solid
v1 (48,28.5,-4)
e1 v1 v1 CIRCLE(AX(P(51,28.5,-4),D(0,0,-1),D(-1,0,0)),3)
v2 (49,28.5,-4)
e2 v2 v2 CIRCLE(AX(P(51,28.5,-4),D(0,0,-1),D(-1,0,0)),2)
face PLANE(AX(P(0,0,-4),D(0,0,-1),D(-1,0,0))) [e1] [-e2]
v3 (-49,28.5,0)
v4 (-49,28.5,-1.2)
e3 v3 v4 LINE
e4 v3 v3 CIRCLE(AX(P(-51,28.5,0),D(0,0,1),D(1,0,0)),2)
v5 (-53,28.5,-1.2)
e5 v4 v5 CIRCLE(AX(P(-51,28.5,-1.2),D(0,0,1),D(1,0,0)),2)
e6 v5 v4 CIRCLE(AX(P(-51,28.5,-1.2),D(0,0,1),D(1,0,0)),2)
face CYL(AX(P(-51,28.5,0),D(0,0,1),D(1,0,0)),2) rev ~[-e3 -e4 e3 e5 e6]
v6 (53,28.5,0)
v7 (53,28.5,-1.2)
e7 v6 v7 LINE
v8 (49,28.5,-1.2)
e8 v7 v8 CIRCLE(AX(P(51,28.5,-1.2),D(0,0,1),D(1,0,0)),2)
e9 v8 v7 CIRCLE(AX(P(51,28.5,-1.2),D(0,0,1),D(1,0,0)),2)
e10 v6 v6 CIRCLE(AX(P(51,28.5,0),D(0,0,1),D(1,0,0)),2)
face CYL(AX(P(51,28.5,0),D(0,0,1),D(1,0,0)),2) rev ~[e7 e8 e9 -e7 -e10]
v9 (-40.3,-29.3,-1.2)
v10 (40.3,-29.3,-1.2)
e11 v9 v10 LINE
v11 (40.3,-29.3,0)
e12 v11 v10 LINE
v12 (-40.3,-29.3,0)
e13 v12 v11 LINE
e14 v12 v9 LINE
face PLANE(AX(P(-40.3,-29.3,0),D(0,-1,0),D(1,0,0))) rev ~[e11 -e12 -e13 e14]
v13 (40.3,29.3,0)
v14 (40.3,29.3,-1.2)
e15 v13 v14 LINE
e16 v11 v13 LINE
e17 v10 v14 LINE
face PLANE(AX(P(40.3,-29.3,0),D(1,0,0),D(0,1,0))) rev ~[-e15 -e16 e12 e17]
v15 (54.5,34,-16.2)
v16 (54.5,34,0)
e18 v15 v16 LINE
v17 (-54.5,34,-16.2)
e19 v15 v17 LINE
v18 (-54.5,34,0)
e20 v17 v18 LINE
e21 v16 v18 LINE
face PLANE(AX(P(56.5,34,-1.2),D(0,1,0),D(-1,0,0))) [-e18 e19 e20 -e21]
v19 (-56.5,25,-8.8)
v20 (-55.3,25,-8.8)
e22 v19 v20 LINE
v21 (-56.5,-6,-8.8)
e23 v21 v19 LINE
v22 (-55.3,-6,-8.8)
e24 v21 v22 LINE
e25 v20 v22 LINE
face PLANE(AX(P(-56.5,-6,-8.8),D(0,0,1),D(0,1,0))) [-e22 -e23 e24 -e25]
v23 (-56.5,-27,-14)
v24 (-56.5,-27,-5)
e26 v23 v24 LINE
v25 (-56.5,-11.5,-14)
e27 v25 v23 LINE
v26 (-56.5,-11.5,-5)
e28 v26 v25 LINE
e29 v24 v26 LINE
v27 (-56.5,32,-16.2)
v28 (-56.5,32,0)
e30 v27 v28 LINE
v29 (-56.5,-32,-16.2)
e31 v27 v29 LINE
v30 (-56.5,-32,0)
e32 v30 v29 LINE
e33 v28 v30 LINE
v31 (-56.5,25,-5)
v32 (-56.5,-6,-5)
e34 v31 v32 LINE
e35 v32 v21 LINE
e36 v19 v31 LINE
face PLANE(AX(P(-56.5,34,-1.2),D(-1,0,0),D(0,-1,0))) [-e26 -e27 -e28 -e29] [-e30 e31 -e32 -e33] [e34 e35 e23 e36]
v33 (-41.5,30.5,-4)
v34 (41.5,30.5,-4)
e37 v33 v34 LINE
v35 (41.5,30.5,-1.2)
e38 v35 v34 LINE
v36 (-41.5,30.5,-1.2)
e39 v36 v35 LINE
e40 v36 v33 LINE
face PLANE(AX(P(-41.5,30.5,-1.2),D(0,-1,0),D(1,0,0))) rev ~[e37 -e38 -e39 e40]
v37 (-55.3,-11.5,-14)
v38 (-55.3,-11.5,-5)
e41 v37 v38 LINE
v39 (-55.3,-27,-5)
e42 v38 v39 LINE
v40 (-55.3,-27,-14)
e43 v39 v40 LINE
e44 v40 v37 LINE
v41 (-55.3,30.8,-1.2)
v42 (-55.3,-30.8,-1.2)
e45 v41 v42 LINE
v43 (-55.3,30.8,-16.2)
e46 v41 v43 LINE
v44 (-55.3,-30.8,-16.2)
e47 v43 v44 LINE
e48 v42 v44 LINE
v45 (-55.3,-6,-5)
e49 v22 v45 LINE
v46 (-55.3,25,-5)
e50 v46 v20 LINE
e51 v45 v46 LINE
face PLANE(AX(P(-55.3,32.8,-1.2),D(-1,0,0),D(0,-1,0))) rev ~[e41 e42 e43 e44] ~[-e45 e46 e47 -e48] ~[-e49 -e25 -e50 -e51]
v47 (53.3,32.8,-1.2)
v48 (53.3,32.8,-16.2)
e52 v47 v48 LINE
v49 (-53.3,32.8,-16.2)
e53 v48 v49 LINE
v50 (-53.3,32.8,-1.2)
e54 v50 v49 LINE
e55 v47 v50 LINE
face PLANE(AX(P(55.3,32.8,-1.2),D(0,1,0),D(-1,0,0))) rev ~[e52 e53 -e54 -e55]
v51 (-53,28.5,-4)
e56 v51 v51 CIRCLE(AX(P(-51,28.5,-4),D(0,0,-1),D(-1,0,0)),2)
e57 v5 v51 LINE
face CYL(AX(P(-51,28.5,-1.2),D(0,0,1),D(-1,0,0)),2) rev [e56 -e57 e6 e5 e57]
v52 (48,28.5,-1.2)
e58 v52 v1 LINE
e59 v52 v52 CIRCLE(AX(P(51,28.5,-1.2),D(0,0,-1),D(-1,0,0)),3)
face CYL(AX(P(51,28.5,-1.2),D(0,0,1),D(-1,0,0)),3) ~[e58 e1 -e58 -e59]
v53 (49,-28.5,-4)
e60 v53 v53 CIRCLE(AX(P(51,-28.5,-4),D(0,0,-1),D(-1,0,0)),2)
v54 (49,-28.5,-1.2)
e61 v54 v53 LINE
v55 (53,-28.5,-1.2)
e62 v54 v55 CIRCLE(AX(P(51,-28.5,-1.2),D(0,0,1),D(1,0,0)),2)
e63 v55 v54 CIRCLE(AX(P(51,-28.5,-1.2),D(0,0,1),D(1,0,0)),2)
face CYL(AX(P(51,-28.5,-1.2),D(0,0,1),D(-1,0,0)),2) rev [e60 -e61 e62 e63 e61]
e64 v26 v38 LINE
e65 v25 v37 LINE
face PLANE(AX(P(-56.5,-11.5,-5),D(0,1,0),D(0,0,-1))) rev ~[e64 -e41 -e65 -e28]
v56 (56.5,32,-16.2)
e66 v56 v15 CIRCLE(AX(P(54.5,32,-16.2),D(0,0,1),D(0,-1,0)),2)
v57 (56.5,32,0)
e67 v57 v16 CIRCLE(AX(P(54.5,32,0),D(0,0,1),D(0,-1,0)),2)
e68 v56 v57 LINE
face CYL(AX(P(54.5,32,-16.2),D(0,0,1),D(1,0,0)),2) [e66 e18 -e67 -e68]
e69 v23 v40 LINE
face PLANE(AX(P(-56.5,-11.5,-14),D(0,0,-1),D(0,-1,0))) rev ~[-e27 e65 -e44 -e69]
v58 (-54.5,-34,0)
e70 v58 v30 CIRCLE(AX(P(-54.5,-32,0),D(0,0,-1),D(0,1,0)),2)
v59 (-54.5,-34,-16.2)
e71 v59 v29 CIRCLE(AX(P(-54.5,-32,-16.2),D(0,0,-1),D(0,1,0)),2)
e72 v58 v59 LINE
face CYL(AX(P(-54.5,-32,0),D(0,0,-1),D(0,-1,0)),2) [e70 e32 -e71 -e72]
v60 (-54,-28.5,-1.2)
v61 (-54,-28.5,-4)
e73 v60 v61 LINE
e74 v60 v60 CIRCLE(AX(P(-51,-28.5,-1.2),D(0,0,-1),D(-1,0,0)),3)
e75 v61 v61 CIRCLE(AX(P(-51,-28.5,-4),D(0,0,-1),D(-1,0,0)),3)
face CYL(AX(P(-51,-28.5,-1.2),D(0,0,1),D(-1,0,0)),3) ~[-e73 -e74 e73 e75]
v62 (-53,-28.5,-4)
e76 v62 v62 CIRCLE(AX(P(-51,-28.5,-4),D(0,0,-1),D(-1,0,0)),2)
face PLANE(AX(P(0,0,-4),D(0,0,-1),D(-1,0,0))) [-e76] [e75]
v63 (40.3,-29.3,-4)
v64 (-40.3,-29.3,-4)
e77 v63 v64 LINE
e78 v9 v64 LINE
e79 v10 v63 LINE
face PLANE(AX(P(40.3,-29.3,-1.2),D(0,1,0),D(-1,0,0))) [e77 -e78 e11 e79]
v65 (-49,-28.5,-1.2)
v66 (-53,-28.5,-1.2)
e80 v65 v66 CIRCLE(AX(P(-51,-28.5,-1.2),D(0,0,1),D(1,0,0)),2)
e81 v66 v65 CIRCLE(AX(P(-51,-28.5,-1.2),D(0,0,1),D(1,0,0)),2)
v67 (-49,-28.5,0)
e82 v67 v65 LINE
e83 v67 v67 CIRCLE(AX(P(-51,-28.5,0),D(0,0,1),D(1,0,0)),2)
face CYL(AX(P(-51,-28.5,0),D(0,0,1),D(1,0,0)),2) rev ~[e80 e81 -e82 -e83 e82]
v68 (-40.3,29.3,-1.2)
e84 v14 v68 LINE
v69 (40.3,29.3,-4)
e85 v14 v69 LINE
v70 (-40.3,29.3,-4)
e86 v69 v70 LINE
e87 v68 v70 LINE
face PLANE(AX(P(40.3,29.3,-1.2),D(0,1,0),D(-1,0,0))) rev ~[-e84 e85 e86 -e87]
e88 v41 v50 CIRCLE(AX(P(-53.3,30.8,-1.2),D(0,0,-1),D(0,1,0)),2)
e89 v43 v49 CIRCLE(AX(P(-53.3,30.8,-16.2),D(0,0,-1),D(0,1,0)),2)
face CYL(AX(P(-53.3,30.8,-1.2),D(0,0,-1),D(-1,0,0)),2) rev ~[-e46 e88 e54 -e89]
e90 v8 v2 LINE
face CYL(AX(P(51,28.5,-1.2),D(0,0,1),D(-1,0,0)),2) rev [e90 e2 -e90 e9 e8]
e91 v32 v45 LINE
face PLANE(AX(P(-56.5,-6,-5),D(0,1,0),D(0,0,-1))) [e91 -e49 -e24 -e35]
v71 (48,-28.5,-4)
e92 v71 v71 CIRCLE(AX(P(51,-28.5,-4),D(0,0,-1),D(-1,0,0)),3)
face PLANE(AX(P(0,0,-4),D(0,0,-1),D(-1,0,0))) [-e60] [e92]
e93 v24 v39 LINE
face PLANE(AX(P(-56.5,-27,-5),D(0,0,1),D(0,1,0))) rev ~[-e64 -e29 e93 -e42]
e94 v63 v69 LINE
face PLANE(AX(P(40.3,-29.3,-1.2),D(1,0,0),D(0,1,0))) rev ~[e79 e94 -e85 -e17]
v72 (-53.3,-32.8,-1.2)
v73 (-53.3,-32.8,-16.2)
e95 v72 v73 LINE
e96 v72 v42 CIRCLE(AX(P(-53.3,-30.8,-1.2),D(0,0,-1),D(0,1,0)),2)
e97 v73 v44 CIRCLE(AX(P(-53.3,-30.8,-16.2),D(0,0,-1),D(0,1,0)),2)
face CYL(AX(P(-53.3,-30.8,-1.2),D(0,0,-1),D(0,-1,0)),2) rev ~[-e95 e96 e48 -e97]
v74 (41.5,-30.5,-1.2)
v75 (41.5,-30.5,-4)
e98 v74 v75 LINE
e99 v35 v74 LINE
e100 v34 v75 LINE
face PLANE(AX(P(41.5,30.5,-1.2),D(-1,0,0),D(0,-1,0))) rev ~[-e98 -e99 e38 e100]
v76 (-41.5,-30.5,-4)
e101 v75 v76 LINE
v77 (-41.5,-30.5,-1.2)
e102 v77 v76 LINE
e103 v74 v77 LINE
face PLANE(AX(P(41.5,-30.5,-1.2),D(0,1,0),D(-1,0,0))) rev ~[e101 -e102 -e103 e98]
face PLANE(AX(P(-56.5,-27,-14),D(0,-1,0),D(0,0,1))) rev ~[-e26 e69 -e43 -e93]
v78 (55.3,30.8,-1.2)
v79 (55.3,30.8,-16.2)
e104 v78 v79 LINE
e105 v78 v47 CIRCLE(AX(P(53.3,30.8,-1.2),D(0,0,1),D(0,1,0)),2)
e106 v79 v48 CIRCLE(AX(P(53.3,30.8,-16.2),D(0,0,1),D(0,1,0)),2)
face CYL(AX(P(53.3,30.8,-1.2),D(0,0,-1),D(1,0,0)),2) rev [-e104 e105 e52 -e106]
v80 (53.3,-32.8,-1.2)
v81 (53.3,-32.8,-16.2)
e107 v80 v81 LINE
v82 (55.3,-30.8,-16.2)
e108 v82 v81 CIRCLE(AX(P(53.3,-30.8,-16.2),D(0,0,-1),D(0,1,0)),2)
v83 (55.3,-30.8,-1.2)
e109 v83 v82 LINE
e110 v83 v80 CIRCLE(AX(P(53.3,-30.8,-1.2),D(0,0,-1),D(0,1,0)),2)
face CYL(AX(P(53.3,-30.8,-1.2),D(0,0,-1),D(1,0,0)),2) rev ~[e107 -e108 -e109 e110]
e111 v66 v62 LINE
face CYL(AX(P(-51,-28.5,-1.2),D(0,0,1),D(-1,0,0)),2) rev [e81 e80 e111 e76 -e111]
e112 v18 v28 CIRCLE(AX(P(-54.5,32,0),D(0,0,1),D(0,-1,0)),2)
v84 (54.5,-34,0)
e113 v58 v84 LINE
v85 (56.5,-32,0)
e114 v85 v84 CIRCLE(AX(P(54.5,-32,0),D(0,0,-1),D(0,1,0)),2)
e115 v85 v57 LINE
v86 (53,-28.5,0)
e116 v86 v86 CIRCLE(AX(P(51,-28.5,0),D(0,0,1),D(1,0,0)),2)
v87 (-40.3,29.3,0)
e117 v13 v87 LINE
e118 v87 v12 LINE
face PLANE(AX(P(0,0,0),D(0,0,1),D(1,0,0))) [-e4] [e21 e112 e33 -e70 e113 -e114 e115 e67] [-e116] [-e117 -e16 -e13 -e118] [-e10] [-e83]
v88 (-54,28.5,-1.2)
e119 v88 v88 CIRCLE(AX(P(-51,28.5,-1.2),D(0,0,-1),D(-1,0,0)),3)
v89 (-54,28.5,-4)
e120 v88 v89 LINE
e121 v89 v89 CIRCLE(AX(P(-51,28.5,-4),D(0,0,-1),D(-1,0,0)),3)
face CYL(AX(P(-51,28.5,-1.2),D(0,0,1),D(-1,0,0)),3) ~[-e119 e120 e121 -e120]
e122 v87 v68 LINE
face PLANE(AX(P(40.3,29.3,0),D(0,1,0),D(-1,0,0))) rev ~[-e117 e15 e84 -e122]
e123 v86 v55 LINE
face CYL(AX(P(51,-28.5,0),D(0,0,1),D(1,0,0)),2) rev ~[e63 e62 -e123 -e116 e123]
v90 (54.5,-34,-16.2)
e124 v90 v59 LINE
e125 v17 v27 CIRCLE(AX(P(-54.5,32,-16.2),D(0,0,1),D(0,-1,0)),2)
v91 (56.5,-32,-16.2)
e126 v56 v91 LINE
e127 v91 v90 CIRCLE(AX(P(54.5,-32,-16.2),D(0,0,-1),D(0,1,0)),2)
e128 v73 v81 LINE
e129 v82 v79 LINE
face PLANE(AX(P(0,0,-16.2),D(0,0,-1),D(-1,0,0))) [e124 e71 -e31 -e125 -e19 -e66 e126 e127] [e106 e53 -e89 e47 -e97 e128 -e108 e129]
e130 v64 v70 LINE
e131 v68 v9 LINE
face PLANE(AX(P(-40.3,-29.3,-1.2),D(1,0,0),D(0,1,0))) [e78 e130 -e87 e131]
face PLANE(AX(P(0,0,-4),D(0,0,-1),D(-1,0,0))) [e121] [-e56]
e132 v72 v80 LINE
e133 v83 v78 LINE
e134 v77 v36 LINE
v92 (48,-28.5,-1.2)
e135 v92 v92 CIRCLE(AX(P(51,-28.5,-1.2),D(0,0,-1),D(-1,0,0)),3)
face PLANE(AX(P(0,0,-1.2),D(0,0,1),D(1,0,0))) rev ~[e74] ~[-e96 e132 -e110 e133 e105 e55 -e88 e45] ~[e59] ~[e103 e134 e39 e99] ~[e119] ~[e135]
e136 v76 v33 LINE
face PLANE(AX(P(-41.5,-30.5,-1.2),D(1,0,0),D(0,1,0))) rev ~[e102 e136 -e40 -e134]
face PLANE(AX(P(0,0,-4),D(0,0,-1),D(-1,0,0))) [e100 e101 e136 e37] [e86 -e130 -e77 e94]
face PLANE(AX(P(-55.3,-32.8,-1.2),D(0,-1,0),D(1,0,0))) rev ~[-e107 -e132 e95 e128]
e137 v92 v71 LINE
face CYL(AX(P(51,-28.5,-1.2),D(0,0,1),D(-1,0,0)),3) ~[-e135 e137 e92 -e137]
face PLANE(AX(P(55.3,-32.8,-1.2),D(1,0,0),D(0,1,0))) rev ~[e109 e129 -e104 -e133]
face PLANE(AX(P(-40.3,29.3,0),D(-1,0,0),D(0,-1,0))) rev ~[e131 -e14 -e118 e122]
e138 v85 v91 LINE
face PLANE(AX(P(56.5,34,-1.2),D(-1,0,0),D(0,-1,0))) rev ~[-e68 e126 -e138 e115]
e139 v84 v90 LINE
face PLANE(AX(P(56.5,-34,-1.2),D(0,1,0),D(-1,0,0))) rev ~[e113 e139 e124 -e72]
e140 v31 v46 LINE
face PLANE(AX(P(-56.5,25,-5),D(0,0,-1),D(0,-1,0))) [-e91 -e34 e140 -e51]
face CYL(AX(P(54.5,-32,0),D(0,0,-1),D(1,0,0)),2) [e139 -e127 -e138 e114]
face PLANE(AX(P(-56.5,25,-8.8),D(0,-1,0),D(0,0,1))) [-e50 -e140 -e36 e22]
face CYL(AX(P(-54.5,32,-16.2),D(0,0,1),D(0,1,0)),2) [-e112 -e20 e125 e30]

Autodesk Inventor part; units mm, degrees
ref_plane "YZ Plane" through (0, 0, 0) normal (1, 0, 0) x (0, 1, 0)
ref_plane "XZ Plane" through (0, 0, 0) normal (0, 1, 0) x (-1, 0, 0)
sketch "Skizze1" plane through (0, 0, 0) normal (0, 0, 1) x (1, 0, 0)
  line L0 (-40.3, -29.3) -> (40.3, -29.3)
  line L1 (40.3, -29.3) -> (40.3, 29.3)
  line L2 (40.3, 29.3) -> (-40.3, 29.3)
  line L3 (-40.3, 29.3) -> (-40.3, -29.3)
  line L4 (40, 29) -> (-40, 29) projected
  line L5 (-40, 29) -> (-40, -29) projected
  line L6 (-40, -29) -> (40, -29) projected
  line L7 (40, -29) -> (40, 29) projected
  line L8 (-56.5, -34) -> (56.5, -34)
  line L9 (56.5, -34) -> (56.5, 34)
  line L10 (56.5, 34) -> (-56.5, 34)
  line L11 (-56.5, 34) -> (-56.5, -34)
  line L12 (53, 32.5) -> (-53, 32.5) projected
  line L13 (-53, -32.5) -> (53, -32.5) projected
  line L14 (55, -30.5) -> (55, 30.5) projected
  line L15 (-55, 30.5) -> (-55, -30.5) projected
  circle A0 centre (-51, 28.5) radius 2 projected
  circle A1 centre (51, 28.5) radius 2 projected
  circle A2 centre (51, -28.5) radius 2 projected
  circle A3 centre (-51, -28.5) radius 2 projected
  point P0 (0, 0)
  dimension "d0" = 0.3
  dimension "d1" = 0.3
  dimension "d2" = 0.3
  dimension "d3" = 0.3
  dimension "d4" = 1.5
  dimension "d5" = 1.5
  dimension "d6" = 1.5
  dimension "d7" = 1.5
extrude "Extrusion1" add sketch "Skizze1" against normal blind 1.2 contours L11 L10 L9 L8
sketch "Skizze2" plane through (0, 0, -1.2) normal (0, 0, -1) x (-1, 0, 0)
  circle A0 centre (-51, 28.5) radius 2 projected
  circle A1 centre (51, 28.5) radius 2 projected
  circle A2 centre (51, -28.5) radius 2 projected
  circle A3 centre (-51, -28.5) radius 2 projected
  circle A4 centre (-51, 28.5) radius 3
  circle A5 centre (51, 28.5) radius 3
  circle A6 centre (-51, -28.5) radius 3
  circle A7 centre (51, -28.5) radius 3
  line L0 (-40.3, -29.3) -> (-40.3, 29.3) projected
  line L1 (-40.3, 29.3) -> (40.3, 29.3) projected
  line L2 (-40.3, -29.3) -> (40.3, -29.3)
  line L3 (40.3, -29.3) -> (40.3, 29.3)
  line L4 (40.3, 29.3) -> (-40.3, 29.3)
  line L5 (-40.3, 29.3) -> (-40.3, -29.3)
  line L6 (41.5, 30.5) -> (-41.5, 30.5)
  line L7 (-41.5, 30.5) -> (-41.5, -30.5)
  line L8 (-41.5, -30.5) -> (41.5, -30.5)
  line L9 (41.5, -30.5) -> (41.5, 30.5)
  point P0 (0, 0)
  point P1 (53.2361, -26.5)
  point P2 (48.7639, -26.5)
  point P3 (51, -26.5)
  dimension "d10" = 6
  dimension "d11" = 6
  dimension "d12" = 6
  dimension "d13" = 6
  dimension "d14" = 1.2
  dimension "d15" = 1.2
  dimension "d16" = 1.2
  dimension "d17" = 1.2
ref_plane "Arbeitsebene1" through (-55, -32.5, -4) normal (0, 0, 1) x (1, 0, 0)
extrude "Extrusion2" add sketch "Skizze2" along normal up to surface (2.8 mm away)
sketch "Skizze3" plane through (0, 0, -1.2) normal (0, 0, -1) x (-1, 0, 0)
  line L0 (-56.5, -34) -> (56.5, -34) projected
  line L1 (-56.5, 34) -> (-56.5, -34) projected
  line L2 (56.5, -34) -> (-56.5, -34)
  line L3 (-56.5, -34) -> (-56.5, 34)
  line L4 (-56.5, 34) -> (56.5, 34)
  line L5 (56.5, 34) -> (56.5, -34)
  line L6 (-55.3, 32.8) -> (55.3, 32.8)
  line L7 (55.3, 32.8) -> (55.3, -32.8)
  line L8 (55.3, -32.8) -> (-55.3, -32.8)
  line L9 (-55.3, -32.8) -> (-55.3, 32.8)
  point P0 (0, 0)
  dimension "d20" = 1.2
  dimension "d21" = 1.2
  dimension "d22" = 1.2
  dimension "d23" = 1.2
extrude "Extrusion3" add sketch "Skizze3" along normal blind 15
fillet "Rundung1" radius 2 8 edges at (55.3, 32.8, -8.7) (-55.3, 32.8, -8.7) (-55.3, -32.8, -8.7) (56.5, -34, -8.1) (-56.5, -34, -8.1) (-56.5, 34, -8.1) (56.5, 34, -8.1) (55.3, -32.8, -8.7)
sketch "Skizze4" plane through (-56.5, -32, 0) normal (-1, 0, 0) x (0, 0, 1)
  line L0 (-5.5, 1.5) -> (-5.5, 5.5) construction
  line L1 (-5.5, 1.5) -> (-4, 1.5) construction
  line L2 (-4, 62.5) -> (-4, 1.5) construction
  line L3 (-5.5, 62.5) -> (-4, 62.5) construction
  line L4 (-5.5, 56.5) -> (-5.5, 62.5) construction
  line L5 (-5.5, 56.5) -> (-8.3, 56.5) construction
  line L6 (-8.3, 26.5) -> (-8.3, 56.5) construction
  line L7 (-5.5, 26.5) -> (-8.3, 26.5) construction
  line L8 (-5.5, 20) -> (-5.5, 26.5) construction
  line L9 (-5.5, 20) -> (-13.5, 20) construction
  line L10 (-13.5, 5.5) -> (-13.5, 20) construction
  line L11 (-5.5, 5.5) -> (-13.5, 5.5) construction
  line L12 (-5, 20.5) -> (-14, 20.5)
  line L13 (-14, 20.5) -> (-14, 5)
  line L14 (-14, 5) -> (-5, 5)
  line L15 (-5, 5) -> (-5, 20.5)
  line L16 (-5, 26) -> (-8.8, 26)
  line L17 (-8.8, 26) -> (-8.8, 57)
  line L18 (-8.8, 57) -> (-5, 57)
  line L19 (-5, 57) -> (-5, 26)
  point P0 (0, 32)
  dimension "d27" = 0.5
  dimension "d28" = 0.5
  dimension "d29" = 0.5
  dimension "d30" = 0.5
  dimension "d31" = 0.5
  dimension "d32" = 0.5
  dimension "d33" = 0.5
extrude "Extrusion4" cut sketch "Skizze4" against normal up to next
properties part number "front_case" material "ABS-Kunststoff"
